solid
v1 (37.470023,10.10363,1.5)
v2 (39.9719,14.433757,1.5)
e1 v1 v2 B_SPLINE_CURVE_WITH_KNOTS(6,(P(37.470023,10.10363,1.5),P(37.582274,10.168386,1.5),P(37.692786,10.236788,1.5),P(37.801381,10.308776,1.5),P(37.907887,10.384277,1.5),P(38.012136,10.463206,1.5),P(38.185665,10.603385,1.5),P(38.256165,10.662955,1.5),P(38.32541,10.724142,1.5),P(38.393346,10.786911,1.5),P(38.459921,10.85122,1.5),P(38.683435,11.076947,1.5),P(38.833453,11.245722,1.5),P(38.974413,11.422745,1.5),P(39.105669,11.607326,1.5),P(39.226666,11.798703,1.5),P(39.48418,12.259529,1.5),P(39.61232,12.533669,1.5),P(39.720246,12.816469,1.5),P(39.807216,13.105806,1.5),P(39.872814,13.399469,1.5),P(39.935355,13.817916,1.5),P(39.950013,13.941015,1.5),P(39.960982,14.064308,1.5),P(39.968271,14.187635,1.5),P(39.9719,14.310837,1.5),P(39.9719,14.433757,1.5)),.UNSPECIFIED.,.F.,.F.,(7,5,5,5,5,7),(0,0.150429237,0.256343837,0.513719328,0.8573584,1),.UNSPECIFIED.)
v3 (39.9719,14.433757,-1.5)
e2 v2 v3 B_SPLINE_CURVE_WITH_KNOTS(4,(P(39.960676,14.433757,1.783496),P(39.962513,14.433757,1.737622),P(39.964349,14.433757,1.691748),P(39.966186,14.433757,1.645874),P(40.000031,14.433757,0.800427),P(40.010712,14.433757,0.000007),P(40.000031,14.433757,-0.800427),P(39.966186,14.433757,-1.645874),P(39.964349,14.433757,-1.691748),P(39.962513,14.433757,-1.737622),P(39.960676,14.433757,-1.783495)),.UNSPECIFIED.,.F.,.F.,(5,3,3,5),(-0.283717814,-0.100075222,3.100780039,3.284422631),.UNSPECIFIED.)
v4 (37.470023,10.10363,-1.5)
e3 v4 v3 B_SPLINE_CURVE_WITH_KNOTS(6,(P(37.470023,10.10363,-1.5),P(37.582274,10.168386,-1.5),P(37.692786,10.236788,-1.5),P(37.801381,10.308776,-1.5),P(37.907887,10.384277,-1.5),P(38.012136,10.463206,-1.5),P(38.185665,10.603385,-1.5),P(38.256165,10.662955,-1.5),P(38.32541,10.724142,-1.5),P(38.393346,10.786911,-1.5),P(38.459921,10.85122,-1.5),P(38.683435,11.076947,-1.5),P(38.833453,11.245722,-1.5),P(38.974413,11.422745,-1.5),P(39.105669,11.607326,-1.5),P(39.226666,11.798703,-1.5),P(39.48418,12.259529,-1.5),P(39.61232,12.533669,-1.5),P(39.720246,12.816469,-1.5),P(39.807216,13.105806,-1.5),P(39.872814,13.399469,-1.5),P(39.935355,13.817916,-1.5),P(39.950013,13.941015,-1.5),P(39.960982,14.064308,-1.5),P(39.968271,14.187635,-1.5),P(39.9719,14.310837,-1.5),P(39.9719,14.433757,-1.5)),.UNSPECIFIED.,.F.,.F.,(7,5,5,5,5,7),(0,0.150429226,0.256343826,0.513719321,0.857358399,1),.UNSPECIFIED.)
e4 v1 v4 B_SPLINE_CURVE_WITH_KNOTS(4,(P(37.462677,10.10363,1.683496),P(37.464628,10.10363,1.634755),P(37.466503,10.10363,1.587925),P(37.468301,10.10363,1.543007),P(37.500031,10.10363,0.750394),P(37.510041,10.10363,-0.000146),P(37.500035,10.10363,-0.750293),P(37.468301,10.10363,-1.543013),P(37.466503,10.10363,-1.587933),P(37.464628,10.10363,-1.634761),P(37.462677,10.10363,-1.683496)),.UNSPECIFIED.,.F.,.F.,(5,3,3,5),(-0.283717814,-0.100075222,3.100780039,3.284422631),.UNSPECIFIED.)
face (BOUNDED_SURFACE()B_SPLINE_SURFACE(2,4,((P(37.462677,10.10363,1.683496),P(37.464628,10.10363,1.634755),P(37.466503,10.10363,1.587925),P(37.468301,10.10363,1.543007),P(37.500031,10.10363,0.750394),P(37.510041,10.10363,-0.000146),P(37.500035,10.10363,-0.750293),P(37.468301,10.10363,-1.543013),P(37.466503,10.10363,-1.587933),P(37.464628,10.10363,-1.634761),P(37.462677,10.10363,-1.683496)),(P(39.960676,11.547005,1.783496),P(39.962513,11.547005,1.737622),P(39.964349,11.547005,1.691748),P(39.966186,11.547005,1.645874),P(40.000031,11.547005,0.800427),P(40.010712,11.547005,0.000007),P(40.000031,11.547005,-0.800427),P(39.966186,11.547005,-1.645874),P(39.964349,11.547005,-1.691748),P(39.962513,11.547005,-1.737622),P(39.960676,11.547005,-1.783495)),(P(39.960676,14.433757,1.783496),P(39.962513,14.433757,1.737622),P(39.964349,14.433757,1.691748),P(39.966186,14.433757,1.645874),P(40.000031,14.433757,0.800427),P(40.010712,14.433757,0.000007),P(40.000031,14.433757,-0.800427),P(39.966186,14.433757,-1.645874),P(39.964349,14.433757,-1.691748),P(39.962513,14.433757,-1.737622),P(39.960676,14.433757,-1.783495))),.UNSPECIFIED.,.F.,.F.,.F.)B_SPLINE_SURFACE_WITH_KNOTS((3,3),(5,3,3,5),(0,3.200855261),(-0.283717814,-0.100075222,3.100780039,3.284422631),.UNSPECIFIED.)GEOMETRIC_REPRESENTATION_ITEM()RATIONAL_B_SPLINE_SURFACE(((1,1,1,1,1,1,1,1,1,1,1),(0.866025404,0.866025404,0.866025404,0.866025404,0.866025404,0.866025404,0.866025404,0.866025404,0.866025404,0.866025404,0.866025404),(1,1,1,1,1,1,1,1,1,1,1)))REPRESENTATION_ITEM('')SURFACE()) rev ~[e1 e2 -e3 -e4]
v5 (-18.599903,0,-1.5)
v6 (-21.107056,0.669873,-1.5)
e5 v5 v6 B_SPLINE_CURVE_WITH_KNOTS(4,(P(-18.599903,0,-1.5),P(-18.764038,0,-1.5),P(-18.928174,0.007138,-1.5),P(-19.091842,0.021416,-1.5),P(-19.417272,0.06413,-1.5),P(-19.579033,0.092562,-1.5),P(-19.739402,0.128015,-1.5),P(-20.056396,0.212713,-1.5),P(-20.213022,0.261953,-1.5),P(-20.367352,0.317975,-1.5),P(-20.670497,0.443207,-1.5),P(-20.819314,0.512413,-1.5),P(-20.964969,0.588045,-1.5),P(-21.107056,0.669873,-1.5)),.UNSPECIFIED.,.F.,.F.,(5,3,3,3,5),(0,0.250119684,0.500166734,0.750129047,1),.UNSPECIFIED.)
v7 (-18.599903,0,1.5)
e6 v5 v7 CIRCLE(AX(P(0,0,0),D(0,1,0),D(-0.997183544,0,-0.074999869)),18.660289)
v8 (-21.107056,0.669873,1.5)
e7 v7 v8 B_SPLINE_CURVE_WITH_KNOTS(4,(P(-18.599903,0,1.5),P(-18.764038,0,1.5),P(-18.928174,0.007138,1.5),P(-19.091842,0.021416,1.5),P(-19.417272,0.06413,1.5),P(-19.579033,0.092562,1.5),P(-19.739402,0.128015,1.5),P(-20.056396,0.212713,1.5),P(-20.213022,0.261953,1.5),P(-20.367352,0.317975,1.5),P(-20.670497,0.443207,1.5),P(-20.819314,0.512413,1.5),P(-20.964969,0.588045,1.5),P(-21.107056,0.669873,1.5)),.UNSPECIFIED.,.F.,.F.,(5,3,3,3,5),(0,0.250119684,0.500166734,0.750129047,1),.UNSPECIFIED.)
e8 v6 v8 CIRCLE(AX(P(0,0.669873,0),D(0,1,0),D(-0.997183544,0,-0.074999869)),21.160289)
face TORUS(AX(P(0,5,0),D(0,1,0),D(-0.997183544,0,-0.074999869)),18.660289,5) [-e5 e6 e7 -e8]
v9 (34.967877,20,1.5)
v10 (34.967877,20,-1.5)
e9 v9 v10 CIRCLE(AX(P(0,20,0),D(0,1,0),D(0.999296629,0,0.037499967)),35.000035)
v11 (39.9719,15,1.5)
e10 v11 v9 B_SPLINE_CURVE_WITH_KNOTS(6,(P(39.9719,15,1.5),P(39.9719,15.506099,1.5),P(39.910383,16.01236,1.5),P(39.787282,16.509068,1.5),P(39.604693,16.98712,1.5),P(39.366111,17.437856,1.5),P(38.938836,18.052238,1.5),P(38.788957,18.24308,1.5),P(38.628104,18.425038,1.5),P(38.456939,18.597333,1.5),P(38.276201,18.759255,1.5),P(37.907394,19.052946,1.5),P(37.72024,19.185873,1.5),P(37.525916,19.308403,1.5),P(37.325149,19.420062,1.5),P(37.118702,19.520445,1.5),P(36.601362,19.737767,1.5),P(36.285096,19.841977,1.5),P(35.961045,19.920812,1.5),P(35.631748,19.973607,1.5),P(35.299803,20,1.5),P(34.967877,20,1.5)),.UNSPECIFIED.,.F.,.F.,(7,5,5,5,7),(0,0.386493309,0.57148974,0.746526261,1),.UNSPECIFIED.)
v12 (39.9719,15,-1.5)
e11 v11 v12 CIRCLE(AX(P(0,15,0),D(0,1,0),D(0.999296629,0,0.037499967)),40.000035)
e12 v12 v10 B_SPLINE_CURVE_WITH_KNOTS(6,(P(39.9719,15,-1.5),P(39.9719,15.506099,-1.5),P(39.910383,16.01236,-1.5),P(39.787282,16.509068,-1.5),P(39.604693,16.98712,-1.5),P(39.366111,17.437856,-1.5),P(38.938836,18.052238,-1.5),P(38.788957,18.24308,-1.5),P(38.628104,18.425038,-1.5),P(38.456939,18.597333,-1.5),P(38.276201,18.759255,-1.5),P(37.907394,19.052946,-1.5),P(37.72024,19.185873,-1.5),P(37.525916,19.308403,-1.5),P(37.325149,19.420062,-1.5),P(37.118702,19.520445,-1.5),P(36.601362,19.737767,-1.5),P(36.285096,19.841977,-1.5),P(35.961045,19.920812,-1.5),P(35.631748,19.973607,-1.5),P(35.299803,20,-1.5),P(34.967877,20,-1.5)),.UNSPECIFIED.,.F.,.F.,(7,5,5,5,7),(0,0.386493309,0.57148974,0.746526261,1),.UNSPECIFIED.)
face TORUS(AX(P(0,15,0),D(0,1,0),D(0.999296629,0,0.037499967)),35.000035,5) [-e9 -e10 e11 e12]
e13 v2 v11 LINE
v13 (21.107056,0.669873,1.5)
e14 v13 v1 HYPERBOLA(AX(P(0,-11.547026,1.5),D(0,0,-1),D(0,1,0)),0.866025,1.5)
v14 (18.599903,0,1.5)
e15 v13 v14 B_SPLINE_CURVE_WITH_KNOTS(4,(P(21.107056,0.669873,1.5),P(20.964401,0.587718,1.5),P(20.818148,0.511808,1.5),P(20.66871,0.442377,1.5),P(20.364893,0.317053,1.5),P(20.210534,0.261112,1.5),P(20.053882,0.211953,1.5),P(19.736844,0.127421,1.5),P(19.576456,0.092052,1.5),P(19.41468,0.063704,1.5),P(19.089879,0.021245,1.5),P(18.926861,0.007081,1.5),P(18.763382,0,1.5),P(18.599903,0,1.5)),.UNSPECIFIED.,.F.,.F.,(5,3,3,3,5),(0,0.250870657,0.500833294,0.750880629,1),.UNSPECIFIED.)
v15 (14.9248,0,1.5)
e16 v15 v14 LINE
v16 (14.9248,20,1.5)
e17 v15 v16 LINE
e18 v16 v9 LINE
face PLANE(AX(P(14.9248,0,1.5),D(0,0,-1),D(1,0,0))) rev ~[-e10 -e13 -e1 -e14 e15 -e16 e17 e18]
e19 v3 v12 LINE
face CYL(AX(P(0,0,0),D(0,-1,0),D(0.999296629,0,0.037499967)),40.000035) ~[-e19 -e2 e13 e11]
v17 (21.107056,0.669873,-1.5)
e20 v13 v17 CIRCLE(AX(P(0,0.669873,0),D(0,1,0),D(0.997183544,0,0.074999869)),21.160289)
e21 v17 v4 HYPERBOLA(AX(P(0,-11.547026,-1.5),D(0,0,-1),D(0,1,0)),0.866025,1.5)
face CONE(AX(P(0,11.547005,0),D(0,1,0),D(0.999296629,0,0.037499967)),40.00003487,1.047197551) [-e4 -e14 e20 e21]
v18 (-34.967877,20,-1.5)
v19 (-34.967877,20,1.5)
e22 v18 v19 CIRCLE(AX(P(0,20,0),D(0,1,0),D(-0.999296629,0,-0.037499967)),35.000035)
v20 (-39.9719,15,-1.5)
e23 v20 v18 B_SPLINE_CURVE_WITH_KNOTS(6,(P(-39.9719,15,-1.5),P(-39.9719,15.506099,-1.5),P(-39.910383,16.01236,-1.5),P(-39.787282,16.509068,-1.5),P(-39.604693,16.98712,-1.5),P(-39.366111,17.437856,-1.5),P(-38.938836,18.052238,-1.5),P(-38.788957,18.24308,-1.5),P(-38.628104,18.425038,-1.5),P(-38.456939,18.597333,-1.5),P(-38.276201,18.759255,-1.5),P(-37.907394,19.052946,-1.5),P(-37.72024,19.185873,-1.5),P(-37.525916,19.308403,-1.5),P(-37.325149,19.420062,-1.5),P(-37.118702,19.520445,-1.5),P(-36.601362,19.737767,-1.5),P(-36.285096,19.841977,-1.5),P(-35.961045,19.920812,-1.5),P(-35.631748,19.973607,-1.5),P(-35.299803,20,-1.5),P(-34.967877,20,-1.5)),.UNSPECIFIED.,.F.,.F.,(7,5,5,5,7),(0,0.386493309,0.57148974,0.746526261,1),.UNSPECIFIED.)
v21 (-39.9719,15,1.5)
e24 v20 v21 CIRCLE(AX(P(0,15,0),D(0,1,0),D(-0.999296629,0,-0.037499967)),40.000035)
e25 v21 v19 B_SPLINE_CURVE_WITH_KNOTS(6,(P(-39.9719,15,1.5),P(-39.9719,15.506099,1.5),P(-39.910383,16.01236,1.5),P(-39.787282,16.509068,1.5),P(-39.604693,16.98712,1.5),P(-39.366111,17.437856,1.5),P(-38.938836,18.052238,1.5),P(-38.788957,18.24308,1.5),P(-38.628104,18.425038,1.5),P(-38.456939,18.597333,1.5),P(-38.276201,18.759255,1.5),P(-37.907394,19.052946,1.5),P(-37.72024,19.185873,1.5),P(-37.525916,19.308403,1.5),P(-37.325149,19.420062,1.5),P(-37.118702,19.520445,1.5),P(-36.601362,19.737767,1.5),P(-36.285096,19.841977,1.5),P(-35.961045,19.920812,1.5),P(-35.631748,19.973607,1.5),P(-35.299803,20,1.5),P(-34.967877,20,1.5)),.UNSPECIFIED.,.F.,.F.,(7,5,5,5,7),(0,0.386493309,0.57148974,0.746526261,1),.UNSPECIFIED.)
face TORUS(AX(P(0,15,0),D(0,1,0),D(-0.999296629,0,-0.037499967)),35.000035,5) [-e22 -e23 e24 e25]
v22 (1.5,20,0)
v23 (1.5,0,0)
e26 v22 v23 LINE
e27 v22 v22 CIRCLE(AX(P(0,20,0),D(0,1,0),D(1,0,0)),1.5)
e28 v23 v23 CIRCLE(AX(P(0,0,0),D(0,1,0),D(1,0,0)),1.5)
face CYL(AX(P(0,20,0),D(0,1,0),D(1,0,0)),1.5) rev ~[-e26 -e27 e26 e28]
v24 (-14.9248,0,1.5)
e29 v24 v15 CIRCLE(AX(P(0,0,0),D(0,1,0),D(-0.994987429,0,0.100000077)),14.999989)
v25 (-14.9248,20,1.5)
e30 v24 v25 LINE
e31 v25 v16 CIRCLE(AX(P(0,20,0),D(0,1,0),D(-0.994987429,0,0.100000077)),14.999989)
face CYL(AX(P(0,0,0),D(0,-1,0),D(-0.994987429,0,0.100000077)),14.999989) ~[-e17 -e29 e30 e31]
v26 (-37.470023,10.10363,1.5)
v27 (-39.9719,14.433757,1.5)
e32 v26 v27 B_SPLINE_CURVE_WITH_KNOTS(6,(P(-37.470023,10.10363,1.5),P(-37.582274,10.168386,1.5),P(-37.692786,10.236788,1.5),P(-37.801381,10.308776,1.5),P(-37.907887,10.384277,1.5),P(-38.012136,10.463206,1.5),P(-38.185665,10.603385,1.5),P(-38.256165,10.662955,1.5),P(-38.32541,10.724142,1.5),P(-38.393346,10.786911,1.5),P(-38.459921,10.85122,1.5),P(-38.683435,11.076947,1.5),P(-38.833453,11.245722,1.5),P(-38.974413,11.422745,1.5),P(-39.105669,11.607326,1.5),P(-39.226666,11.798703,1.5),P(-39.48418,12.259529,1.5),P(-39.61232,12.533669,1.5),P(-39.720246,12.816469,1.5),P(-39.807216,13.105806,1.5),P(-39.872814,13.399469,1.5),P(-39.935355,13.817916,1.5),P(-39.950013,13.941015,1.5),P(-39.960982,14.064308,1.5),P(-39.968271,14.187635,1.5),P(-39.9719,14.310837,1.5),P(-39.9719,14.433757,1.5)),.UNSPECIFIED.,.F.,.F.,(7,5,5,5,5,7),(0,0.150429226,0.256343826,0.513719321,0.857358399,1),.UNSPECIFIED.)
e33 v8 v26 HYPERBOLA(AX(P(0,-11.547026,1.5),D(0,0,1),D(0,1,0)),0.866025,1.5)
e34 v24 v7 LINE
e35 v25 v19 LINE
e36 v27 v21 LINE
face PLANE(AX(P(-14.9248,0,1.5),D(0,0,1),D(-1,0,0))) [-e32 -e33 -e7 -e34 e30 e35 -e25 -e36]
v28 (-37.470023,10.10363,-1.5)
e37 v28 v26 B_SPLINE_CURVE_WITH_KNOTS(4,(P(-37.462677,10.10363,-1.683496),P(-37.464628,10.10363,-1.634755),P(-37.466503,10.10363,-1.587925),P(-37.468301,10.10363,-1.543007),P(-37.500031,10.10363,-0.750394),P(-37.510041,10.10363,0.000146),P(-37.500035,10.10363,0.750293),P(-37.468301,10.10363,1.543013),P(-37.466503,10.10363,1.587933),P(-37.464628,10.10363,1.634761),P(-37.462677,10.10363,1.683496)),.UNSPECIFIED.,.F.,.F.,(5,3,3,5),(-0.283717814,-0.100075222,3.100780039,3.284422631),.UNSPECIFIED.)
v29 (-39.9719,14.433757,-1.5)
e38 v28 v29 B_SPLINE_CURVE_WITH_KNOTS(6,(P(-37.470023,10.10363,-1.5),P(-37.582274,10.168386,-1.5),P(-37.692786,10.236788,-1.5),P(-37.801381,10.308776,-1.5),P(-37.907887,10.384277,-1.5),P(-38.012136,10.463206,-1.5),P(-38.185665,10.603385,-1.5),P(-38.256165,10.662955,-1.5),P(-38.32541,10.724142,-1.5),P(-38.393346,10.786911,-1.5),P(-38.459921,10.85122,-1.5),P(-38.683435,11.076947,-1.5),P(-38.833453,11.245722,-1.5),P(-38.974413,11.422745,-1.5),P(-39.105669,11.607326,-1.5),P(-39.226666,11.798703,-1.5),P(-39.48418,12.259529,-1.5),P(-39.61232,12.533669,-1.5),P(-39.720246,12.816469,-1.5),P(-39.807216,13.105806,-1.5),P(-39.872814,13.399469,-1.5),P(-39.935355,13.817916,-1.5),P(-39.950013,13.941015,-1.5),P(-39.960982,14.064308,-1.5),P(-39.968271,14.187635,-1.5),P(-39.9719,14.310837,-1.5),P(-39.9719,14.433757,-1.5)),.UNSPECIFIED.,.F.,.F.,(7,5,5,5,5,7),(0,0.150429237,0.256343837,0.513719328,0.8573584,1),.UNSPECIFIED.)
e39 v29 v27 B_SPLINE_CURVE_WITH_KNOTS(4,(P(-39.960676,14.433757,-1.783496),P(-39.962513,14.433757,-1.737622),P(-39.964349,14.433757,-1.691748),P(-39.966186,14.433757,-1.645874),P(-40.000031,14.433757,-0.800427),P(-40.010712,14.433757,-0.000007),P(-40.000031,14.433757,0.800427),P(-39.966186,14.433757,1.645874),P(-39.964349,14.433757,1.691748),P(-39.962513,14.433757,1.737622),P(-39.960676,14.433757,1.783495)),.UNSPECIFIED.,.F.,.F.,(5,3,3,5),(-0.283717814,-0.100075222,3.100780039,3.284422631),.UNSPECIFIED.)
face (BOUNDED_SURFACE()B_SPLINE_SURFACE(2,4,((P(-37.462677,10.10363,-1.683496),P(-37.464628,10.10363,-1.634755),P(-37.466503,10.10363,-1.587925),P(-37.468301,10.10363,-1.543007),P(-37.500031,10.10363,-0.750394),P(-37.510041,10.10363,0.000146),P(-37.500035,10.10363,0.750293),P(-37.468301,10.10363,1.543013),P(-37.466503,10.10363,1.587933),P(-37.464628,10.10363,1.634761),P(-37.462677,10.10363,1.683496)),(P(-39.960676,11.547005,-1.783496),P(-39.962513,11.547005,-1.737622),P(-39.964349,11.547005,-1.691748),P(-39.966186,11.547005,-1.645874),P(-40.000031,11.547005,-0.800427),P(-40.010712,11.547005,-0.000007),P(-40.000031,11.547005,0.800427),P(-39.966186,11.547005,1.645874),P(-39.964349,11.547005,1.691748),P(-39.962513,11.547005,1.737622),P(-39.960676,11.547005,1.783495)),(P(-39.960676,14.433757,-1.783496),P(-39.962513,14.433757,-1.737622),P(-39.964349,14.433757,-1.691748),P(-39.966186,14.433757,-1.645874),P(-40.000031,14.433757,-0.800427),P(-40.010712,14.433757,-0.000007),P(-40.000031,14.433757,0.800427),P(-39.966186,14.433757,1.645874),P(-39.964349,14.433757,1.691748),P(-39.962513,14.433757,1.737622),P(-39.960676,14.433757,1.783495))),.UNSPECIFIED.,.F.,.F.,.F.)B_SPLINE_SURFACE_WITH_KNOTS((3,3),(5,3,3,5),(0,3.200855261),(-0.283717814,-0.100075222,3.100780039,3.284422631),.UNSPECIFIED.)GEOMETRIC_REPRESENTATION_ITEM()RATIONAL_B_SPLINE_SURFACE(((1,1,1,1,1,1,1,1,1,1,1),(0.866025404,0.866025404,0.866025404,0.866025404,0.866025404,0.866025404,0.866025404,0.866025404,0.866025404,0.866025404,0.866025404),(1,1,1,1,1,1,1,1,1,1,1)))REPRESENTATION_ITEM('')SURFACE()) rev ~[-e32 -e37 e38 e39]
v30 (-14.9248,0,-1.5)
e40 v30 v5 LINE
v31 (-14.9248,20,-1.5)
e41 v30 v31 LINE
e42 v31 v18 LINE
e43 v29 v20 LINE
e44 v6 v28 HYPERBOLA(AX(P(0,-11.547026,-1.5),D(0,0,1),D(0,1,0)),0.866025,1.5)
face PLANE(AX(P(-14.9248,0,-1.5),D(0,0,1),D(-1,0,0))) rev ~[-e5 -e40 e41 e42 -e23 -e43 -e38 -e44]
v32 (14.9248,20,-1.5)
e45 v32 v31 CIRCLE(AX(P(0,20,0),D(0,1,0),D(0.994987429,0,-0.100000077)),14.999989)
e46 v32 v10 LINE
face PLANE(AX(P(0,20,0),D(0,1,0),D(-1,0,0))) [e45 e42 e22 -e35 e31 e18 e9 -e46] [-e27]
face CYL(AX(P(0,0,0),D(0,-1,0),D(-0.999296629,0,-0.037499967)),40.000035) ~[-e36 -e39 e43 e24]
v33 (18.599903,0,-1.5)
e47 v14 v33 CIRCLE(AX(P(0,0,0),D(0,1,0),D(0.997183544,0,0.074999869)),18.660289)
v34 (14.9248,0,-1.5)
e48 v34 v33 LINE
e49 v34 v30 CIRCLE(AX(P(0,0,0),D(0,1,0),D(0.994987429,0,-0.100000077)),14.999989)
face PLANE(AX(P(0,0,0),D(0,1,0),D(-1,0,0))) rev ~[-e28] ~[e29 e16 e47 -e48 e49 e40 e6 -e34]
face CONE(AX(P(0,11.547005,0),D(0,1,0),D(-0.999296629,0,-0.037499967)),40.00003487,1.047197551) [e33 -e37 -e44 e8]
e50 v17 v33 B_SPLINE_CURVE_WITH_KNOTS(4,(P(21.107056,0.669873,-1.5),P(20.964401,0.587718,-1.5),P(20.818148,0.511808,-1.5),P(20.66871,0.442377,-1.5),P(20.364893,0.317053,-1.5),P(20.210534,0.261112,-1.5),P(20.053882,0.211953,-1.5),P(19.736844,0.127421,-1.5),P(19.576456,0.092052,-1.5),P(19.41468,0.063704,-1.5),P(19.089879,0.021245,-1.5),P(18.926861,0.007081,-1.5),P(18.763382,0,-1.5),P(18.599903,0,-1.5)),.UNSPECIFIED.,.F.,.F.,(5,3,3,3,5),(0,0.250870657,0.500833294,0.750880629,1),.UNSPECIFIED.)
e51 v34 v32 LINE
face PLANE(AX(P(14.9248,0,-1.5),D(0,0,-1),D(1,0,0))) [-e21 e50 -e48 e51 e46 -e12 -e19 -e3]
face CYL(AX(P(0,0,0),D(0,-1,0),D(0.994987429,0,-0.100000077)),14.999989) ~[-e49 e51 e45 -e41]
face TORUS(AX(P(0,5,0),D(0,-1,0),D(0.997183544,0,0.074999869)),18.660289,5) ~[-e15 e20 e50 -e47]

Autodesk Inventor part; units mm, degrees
ref_plane "YZ Plane" through (0, 0, 0) normal (1, 0, 0) x (0, 1, 0)
ref_plane "XZ Plane" through (0, 0, 0) normal (0, 1, 0) x (-1, 0, 0)
ref_plane "XY Plane" through (0, 0, 0) normal (0, 0, 1) x (1, 0, 0)
sketch "Sketch1" plane through (0, 0, 0) normal (0, 1, 0) x (-1, 0, 0)
  line L0 (15, 0) -> (40, 0) construction
  line L1 (-15, 0) -> (-40, 0) construction
  line L2 (14.9248, -1.5) -> (39.9719, -1.5)
  line L3 (14.9248, 1.5) -> (39.9719, 1.5)
  line L4 (-14.9248, -1.5) -> (-39.9719, -1.5)
  line L5 (-14.9248, 1.5) -> (-39.9719, 1.5)
  arc A0 (-39.9719, 1.5) -> (-39.9719, -1.5) centre (0, 0) ccw
  arc A1 (39.9719, -1.5) -> (39.9719, 1.5) centre (0, 0) ccw
  arc A2 (14.9248, 1.5) -> (-14.9248, 1.5) centre (0, 0) ccw
  arc A3 (-14.9248, -1.5) -> (14.9248, -1.5) centre (0, 0) ccw
  dimension "d2" = 1.5
  dimension "d3" = 1.5
  dimension "d4" = 1.5
  dimension "d5" = 1.5
extrude "Extrusion1" add sketch "Sketch1" along normal blind 20
fillet "Fillet1" radius 5 2 edges at (40, 20, 0) (-40, 20, 0)
chamfer "Chamfer1" distance 20 angle 30 1 edges at (-40, 0, 0) measured on face at (-3.3541, 0, 5.1142)
chamfer "Chamfer2" distance 20 angle 30 1 edges at (40, 0, 0) measured on face at (2.3541, 0, 4.4112)
fillet "Fillet2" radius 5 2 edges at (40, 11.547, 0) (-40, 11.547, 0)
fillet "Fillet3" radius 5 2 edges at (20, 0, 0) (-20, 0, 0)
sketch "Sketch3" plane through (0, 20, 0) normal (0, 1, 0) x (1, 0, 0)
  arc A0 (-34.9678, 1.5) -> (-34.9678, -1.5) centre (0, 0) ccw construction
  line L0 (-34.9678, -1.5) -> (-14.9248, -1.5) construction
  arc A1 (-14.9248, -1.5) -> (14.9248, -1.5) centre (0, 0) ccw construction
  line L1 (14.9248, -1.5) -> (34.9678, -1.5) construction
  arc A2 (34.9678, -1.5) -> (34.9678, 1.5) centre (0, 0) ccw construction
  line L2 (34.9678, 1.5) -> (14.9248, 1.5) construction
  arc A3 (14.9248, 1.5) -> (-14.9248, 1.5) centre (0, 0) ccw construction
  line L3 (-14.9248, 1.5) -> (-34.9678, 1.5) construction
  circle A4 centre (0, 0) radius 1.5
  dimension "d36" = 3
extrude "Extrusion2" cut sketch "Sketch3" against normal through all
equation "\"d2\" = 0.5 * blade_width"
equation "\"d3\" = 0.5 * blade_width"
equation "\"d4\" = 0.5 * blade_width"
equation "\"d5\" = 0.5 * blade_width"
equation "\"blade_width\" = 3"
equation "\"d21\" = 0"
equation "\"d22\" = 5"
equation "\"d23\" = 3"
equation "\"d24\" = 5"
equation "\"d25\" = 0"
equation "\"d8\" = 0.5 * blade_width"
equation "\"d9\" = 0.5 * blade_width"
equation "\"d10\" = 0.5 * blade_width"
equation "\"d11\" = 0.5 * blade_width"
equation "\"d12\" = 0.5 * blade_width"
equation "\"d13\" = 0.5 * blade_width"
equation "\"d14\" = 0.5 * blade_width"
equation "\"d15\" = 0.5 * blade_width"
equation "\"d16\" = 0.5 * blade_width"
equation "\"d17\" = 0.5 * blade_width"
equation "\"d18\" = 0.5 * blade_width"
equation "\"d19\" = 0.5 * blade_width"
properties part number "top_propeller"
